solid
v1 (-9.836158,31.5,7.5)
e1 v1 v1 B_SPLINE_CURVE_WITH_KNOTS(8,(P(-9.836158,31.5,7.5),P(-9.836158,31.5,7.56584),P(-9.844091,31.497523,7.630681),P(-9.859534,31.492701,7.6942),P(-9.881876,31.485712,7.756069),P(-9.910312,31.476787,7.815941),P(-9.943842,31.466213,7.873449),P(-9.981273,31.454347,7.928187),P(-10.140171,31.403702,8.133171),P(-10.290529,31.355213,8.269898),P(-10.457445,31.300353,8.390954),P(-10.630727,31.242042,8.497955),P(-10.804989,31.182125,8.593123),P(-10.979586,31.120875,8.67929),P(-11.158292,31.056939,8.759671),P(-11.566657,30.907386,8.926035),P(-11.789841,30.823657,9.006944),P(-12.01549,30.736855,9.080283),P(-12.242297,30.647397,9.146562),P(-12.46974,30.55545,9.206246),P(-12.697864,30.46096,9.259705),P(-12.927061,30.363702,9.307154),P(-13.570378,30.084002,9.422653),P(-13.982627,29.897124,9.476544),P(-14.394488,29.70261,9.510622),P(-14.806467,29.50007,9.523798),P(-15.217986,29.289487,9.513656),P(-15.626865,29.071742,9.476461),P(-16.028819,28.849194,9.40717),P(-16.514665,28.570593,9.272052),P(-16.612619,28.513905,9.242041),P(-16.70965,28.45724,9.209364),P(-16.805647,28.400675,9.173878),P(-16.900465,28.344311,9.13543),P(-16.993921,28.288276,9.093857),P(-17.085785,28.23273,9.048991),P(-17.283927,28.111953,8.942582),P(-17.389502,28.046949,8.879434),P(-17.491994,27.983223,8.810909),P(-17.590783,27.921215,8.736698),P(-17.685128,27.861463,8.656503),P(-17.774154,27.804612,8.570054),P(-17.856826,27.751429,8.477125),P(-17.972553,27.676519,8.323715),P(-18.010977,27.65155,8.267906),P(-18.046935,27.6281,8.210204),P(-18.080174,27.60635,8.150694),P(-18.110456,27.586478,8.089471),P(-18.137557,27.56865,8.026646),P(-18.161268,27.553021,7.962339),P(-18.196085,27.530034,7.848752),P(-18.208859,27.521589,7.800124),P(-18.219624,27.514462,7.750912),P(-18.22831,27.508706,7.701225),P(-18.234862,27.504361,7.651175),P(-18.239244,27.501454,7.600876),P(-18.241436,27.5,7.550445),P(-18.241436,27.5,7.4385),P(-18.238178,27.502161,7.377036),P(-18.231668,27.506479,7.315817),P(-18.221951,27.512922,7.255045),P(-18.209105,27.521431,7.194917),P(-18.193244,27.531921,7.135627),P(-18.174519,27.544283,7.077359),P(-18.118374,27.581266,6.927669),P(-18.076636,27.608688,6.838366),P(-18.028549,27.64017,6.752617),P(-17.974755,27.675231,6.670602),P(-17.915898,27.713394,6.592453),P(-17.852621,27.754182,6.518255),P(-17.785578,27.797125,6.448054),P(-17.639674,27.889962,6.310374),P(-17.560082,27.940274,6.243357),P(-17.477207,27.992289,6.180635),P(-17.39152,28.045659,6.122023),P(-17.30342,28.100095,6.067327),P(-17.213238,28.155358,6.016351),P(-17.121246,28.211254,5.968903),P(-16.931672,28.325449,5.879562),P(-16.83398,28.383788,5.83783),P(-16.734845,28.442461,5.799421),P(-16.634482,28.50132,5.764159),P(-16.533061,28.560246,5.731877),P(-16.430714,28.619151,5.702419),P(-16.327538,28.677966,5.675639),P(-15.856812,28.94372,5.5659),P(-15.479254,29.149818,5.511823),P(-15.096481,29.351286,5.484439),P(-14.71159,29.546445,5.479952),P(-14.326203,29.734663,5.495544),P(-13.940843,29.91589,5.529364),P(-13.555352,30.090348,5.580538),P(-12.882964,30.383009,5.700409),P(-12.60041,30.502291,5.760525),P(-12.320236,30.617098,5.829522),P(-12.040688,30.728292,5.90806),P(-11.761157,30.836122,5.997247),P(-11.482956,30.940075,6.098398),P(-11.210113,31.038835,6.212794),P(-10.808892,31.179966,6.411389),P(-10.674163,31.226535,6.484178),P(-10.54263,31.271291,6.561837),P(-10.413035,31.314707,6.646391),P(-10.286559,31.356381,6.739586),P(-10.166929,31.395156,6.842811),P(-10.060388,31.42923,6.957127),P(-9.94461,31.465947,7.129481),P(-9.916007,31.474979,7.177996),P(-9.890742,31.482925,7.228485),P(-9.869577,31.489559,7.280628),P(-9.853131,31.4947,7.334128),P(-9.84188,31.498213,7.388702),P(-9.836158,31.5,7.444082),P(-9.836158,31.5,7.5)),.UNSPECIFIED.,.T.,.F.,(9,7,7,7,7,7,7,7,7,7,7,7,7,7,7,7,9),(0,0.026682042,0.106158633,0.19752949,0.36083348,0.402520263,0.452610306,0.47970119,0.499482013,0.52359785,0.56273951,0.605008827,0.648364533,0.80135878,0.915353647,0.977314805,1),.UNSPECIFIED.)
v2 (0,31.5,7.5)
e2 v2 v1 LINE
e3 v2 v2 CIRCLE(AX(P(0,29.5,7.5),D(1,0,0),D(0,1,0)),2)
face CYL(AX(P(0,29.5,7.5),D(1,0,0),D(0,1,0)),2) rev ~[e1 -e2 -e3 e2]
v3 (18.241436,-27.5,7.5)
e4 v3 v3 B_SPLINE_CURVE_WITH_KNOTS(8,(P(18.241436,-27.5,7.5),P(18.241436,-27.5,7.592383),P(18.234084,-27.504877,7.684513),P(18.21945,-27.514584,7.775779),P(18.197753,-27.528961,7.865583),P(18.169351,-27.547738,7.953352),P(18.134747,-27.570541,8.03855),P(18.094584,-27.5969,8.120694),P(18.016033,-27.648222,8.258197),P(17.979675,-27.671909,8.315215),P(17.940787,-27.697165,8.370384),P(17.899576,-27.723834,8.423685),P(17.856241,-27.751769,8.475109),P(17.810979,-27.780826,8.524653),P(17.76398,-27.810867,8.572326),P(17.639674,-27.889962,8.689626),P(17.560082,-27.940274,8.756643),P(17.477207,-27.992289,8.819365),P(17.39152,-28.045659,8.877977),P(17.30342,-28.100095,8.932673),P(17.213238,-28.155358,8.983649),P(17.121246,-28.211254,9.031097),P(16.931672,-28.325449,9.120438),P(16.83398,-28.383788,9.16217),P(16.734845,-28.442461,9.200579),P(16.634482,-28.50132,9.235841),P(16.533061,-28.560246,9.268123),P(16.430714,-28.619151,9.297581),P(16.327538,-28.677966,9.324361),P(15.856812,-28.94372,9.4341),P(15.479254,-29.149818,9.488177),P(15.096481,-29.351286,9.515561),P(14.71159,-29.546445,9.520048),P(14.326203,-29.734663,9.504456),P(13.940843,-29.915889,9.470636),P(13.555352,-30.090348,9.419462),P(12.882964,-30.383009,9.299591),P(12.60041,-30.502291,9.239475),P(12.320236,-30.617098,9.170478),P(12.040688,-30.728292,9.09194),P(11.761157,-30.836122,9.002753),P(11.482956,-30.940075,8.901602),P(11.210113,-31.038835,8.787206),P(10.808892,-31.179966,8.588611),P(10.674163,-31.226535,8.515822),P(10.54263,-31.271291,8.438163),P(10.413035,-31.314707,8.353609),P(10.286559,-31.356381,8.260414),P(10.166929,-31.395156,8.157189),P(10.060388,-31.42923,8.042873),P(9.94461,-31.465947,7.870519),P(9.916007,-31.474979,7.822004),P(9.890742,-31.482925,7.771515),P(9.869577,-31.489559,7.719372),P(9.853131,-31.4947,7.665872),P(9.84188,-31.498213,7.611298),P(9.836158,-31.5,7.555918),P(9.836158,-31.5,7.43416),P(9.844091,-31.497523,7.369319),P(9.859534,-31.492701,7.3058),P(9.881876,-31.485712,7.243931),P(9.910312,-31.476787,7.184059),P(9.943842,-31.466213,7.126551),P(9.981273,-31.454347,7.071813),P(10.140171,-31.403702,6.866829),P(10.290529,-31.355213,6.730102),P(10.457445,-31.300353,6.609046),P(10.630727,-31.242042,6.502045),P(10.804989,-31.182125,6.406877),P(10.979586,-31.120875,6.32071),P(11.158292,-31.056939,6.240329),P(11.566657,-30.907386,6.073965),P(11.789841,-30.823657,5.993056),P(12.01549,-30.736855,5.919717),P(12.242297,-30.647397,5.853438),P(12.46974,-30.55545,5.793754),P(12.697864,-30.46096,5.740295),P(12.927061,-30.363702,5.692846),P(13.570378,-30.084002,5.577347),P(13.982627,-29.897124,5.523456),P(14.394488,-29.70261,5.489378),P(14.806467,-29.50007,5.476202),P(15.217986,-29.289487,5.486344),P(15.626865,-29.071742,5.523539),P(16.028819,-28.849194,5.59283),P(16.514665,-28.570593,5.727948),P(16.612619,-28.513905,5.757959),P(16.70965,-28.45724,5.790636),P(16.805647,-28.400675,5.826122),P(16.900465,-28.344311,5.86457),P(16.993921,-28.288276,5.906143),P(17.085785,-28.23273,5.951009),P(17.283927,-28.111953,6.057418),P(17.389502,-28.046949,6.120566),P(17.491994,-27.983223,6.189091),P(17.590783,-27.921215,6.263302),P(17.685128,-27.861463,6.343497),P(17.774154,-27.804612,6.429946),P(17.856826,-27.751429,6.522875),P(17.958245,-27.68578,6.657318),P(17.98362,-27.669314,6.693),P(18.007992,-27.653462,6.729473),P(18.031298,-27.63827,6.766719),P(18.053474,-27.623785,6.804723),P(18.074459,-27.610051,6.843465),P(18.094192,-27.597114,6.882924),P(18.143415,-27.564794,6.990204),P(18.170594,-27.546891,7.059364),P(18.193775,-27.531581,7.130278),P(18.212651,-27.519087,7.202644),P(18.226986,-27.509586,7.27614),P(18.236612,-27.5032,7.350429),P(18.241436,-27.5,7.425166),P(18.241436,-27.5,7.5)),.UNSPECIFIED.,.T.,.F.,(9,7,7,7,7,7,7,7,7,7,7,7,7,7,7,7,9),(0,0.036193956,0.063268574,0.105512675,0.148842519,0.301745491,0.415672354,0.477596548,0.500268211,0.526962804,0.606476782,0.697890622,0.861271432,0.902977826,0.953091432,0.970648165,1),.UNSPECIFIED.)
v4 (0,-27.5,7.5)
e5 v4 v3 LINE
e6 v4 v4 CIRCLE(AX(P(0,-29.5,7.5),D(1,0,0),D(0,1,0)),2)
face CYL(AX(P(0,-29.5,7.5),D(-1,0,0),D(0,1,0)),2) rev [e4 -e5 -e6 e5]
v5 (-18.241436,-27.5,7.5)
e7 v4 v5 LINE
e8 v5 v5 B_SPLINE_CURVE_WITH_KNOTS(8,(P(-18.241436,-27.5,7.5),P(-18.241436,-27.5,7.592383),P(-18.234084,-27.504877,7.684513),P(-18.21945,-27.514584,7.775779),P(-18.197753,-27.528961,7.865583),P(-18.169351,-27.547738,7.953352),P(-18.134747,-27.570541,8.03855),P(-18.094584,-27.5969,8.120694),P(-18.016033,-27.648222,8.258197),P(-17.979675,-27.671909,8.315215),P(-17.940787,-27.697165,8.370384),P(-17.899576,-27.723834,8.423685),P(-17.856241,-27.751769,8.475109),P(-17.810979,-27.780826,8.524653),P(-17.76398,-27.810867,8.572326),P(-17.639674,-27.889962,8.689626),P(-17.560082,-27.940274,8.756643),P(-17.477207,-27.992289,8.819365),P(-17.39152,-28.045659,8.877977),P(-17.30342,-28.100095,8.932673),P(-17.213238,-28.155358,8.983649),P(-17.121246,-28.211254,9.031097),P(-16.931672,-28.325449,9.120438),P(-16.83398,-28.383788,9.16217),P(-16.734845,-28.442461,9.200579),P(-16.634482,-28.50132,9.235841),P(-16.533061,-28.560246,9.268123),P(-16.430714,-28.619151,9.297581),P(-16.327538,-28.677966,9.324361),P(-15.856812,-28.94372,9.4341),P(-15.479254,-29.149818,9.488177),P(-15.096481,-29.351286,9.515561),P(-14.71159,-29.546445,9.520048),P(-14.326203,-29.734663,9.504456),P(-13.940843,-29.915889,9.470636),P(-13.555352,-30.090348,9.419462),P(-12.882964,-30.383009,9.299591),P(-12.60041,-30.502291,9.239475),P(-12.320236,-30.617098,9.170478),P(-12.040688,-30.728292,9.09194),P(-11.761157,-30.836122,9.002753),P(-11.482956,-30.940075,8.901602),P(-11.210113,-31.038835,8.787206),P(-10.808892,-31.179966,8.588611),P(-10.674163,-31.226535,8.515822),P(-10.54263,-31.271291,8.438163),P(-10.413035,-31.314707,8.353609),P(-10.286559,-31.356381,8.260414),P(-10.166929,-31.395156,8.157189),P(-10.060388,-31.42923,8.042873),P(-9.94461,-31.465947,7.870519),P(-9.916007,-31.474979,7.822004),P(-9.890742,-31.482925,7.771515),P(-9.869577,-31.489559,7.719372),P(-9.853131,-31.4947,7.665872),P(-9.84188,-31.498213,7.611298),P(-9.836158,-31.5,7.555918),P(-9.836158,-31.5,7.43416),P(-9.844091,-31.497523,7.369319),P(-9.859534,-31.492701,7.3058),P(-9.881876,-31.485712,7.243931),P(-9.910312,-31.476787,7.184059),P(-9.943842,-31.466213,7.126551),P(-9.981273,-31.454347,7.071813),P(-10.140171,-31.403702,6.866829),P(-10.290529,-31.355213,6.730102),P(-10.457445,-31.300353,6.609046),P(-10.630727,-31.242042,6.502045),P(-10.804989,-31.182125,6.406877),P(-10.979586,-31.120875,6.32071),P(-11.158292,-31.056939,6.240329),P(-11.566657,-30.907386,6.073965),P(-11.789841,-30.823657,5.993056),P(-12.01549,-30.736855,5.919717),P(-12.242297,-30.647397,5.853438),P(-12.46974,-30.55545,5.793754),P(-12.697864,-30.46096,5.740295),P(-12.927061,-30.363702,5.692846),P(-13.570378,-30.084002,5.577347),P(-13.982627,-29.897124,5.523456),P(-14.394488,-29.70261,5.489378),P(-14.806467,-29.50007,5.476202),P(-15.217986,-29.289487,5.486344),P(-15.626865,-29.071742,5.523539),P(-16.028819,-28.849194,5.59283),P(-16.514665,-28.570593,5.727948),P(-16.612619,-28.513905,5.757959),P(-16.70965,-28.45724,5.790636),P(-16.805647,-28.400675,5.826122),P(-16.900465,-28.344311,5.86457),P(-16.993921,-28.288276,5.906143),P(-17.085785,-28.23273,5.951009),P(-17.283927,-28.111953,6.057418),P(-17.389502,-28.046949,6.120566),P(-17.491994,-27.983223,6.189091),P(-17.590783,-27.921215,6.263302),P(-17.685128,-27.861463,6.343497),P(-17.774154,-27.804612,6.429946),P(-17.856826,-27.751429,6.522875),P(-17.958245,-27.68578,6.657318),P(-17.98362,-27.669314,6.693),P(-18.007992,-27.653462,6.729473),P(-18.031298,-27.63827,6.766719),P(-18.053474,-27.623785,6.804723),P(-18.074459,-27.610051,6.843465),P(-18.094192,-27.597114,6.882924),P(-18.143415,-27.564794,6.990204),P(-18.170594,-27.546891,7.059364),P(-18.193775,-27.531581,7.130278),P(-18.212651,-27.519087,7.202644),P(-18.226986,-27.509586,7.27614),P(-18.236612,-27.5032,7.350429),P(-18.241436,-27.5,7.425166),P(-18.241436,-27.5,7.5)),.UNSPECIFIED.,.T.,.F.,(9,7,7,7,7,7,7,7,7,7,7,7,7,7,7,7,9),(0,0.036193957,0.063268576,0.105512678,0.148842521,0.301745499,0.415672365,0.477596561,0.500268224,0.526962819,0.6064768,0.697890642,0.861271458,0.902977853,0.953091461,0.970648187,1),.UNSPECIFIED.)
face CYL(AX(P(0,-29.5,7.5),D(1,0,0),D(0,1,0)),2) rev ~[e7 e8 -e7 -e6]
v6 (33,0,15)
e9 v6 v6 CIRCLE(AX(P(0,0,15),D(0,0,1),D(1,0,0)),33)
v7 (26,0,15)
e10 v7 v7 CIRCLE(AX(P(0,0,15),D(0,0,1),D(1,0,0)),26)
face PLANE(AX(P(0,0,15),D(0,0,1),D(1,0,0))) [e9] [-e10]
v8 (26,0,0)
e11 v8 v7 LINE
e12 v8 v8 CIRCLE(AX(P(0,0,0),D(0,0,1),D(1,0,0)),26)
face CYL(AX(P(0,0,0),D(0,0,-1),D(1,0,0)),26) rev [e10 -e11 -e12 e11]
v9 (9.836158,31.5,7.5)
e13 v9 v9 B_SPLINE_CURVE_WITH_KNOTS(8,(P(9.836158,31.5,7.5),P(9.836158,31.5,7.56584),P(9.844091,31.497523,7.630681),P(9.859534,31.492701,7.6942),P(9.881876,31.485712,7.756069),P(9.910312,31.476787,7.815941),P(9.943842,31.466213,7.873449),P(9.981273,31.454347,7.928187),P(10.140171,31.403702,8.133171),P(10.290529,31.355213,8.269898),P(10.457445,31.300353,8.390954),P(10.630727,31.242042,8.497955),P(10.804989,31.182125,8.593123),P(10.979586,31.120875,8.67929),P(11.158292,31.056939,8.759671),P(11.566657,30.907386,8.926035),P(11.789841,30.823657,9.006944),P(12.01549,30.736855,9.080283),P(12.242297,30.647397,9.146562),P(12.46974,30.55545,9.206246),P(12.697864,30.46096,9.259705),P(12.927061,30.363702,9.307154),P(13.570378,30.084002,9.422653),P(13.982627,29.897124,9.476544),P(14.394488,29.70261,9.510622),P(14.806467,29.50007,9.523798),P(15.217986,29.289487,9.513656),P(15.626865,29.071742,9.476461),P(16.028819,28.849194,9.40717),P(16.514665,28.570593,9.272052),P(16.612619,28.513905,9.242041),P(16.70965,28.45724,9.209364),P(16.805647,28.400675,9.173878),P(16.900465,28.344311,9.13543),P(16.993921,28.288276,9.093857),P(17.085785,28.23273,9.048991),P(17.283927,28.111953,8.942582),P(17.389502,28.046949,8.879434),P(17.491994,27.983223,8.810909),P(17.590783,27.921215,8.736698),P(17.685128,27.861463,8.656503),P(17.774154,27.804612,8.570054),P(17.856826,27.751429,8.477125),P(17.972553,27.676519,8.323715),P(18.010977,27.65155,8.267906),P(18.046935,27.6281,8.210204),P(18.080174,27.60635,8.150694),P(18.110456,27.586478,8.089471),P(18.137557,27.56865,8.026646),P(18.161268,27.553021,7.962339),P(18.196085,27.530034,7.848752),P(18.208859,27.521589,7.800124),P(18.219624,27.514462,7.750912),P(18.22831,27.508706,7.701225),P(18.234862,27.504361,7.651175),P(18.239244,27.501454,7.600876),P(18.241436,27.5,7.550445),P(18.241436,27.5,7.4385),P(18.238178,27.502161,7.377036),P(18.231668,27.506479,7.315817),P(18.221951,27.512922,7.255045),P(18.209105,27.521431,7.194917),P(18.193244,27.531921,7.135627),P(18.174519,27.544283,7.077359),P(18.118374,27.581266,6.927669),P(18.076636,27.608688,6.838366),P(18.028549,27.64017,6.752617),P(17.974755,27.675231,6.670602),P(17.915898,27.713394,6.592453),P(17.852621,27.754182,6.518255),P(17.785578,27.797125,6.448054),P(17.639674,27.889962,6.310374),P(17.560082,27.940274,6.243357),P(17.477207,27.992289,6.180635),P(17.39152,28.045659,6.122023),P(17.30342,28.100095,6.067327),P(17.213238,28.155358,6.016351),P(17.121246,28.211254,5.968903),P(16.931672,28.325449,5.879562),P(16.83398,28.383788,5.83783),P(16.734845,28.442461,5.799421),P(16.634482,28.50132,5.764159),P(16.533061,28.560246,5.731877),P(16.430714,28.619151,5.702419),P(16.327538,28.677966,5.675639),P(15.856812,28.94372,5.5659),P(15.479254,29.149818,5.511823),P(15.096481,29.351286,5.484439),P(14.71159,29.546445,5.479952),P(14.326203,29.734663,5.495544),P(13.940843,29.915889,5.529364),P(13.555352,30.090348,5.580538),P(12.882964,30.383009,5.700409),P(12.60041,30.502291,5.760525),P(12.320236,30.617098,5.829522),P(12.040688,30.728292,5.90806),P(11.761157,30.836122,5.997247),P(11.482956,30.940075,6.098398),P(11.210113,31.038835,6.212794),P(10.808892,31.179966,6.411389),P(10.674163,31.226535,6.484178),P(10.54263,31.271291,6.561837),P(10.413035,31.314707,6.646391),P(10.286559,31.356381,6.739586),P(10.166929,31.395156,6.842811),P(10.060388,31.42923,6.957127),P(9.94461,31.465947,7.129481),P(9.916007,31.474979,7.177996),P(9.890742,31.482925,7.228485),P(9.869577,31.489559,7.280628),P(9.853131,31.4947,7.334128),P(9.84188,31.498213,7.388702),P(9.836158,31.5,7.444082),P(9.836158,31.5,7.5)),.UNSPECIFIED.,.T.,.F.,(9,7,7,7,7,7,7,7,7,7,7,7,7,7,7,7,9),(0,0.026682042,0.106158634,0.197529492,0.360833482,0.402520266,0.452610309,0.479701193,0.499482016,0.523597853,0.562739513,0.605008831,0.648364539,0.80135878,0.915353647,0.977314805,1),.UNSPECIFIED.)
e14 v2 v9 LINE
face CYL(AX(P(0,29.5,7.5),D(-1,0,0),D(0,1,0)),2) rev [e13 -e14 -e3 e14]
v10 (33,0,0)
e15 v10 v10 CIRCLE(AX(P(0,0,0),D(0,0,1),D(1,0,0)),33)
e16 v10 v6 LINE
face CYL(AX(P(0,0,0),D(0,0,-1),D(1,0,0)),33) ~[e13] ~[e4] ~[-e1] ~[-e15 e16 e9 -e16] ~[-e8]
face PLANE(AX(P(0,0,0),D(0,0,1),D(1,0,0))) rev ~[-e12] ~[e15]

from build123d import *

# Parameters (mm, degrees)
F0_R          = 33
F0_R_2        = 26
F1_DEPTH      = 15
F2_R          = 2
F3_DEPTH      = 33.001
F3_DEPTH_BACK = 33.001


with BuildPart() as f1:
    # F0 (on Top) → F1 (new body)
    with BuildSketch(Plane.XY):
        Circle(F0_R)
        Circle(F0_R_2, mode=Mode.SUBTRACT)
    extrude(amount=F1_DEPTH)

    # F2 (on Right) → F3 (cut, two sides)
    with BuildSketch(Plane.YZ) as f3_sk:
        with Locations((29.5, 7.5)):
            Circle(F2_R)
        with Locations((-29.5, 7.5)):
            Circle(F2_R)
    extrude(amount=-F3_DEPTH, mode=Mode.SUBTRACT)
    extrude(f3_sk.sketch, amount=F3_DEPTH_BACK, mode=Mode.SUBTRACT)


solid = f1.part
